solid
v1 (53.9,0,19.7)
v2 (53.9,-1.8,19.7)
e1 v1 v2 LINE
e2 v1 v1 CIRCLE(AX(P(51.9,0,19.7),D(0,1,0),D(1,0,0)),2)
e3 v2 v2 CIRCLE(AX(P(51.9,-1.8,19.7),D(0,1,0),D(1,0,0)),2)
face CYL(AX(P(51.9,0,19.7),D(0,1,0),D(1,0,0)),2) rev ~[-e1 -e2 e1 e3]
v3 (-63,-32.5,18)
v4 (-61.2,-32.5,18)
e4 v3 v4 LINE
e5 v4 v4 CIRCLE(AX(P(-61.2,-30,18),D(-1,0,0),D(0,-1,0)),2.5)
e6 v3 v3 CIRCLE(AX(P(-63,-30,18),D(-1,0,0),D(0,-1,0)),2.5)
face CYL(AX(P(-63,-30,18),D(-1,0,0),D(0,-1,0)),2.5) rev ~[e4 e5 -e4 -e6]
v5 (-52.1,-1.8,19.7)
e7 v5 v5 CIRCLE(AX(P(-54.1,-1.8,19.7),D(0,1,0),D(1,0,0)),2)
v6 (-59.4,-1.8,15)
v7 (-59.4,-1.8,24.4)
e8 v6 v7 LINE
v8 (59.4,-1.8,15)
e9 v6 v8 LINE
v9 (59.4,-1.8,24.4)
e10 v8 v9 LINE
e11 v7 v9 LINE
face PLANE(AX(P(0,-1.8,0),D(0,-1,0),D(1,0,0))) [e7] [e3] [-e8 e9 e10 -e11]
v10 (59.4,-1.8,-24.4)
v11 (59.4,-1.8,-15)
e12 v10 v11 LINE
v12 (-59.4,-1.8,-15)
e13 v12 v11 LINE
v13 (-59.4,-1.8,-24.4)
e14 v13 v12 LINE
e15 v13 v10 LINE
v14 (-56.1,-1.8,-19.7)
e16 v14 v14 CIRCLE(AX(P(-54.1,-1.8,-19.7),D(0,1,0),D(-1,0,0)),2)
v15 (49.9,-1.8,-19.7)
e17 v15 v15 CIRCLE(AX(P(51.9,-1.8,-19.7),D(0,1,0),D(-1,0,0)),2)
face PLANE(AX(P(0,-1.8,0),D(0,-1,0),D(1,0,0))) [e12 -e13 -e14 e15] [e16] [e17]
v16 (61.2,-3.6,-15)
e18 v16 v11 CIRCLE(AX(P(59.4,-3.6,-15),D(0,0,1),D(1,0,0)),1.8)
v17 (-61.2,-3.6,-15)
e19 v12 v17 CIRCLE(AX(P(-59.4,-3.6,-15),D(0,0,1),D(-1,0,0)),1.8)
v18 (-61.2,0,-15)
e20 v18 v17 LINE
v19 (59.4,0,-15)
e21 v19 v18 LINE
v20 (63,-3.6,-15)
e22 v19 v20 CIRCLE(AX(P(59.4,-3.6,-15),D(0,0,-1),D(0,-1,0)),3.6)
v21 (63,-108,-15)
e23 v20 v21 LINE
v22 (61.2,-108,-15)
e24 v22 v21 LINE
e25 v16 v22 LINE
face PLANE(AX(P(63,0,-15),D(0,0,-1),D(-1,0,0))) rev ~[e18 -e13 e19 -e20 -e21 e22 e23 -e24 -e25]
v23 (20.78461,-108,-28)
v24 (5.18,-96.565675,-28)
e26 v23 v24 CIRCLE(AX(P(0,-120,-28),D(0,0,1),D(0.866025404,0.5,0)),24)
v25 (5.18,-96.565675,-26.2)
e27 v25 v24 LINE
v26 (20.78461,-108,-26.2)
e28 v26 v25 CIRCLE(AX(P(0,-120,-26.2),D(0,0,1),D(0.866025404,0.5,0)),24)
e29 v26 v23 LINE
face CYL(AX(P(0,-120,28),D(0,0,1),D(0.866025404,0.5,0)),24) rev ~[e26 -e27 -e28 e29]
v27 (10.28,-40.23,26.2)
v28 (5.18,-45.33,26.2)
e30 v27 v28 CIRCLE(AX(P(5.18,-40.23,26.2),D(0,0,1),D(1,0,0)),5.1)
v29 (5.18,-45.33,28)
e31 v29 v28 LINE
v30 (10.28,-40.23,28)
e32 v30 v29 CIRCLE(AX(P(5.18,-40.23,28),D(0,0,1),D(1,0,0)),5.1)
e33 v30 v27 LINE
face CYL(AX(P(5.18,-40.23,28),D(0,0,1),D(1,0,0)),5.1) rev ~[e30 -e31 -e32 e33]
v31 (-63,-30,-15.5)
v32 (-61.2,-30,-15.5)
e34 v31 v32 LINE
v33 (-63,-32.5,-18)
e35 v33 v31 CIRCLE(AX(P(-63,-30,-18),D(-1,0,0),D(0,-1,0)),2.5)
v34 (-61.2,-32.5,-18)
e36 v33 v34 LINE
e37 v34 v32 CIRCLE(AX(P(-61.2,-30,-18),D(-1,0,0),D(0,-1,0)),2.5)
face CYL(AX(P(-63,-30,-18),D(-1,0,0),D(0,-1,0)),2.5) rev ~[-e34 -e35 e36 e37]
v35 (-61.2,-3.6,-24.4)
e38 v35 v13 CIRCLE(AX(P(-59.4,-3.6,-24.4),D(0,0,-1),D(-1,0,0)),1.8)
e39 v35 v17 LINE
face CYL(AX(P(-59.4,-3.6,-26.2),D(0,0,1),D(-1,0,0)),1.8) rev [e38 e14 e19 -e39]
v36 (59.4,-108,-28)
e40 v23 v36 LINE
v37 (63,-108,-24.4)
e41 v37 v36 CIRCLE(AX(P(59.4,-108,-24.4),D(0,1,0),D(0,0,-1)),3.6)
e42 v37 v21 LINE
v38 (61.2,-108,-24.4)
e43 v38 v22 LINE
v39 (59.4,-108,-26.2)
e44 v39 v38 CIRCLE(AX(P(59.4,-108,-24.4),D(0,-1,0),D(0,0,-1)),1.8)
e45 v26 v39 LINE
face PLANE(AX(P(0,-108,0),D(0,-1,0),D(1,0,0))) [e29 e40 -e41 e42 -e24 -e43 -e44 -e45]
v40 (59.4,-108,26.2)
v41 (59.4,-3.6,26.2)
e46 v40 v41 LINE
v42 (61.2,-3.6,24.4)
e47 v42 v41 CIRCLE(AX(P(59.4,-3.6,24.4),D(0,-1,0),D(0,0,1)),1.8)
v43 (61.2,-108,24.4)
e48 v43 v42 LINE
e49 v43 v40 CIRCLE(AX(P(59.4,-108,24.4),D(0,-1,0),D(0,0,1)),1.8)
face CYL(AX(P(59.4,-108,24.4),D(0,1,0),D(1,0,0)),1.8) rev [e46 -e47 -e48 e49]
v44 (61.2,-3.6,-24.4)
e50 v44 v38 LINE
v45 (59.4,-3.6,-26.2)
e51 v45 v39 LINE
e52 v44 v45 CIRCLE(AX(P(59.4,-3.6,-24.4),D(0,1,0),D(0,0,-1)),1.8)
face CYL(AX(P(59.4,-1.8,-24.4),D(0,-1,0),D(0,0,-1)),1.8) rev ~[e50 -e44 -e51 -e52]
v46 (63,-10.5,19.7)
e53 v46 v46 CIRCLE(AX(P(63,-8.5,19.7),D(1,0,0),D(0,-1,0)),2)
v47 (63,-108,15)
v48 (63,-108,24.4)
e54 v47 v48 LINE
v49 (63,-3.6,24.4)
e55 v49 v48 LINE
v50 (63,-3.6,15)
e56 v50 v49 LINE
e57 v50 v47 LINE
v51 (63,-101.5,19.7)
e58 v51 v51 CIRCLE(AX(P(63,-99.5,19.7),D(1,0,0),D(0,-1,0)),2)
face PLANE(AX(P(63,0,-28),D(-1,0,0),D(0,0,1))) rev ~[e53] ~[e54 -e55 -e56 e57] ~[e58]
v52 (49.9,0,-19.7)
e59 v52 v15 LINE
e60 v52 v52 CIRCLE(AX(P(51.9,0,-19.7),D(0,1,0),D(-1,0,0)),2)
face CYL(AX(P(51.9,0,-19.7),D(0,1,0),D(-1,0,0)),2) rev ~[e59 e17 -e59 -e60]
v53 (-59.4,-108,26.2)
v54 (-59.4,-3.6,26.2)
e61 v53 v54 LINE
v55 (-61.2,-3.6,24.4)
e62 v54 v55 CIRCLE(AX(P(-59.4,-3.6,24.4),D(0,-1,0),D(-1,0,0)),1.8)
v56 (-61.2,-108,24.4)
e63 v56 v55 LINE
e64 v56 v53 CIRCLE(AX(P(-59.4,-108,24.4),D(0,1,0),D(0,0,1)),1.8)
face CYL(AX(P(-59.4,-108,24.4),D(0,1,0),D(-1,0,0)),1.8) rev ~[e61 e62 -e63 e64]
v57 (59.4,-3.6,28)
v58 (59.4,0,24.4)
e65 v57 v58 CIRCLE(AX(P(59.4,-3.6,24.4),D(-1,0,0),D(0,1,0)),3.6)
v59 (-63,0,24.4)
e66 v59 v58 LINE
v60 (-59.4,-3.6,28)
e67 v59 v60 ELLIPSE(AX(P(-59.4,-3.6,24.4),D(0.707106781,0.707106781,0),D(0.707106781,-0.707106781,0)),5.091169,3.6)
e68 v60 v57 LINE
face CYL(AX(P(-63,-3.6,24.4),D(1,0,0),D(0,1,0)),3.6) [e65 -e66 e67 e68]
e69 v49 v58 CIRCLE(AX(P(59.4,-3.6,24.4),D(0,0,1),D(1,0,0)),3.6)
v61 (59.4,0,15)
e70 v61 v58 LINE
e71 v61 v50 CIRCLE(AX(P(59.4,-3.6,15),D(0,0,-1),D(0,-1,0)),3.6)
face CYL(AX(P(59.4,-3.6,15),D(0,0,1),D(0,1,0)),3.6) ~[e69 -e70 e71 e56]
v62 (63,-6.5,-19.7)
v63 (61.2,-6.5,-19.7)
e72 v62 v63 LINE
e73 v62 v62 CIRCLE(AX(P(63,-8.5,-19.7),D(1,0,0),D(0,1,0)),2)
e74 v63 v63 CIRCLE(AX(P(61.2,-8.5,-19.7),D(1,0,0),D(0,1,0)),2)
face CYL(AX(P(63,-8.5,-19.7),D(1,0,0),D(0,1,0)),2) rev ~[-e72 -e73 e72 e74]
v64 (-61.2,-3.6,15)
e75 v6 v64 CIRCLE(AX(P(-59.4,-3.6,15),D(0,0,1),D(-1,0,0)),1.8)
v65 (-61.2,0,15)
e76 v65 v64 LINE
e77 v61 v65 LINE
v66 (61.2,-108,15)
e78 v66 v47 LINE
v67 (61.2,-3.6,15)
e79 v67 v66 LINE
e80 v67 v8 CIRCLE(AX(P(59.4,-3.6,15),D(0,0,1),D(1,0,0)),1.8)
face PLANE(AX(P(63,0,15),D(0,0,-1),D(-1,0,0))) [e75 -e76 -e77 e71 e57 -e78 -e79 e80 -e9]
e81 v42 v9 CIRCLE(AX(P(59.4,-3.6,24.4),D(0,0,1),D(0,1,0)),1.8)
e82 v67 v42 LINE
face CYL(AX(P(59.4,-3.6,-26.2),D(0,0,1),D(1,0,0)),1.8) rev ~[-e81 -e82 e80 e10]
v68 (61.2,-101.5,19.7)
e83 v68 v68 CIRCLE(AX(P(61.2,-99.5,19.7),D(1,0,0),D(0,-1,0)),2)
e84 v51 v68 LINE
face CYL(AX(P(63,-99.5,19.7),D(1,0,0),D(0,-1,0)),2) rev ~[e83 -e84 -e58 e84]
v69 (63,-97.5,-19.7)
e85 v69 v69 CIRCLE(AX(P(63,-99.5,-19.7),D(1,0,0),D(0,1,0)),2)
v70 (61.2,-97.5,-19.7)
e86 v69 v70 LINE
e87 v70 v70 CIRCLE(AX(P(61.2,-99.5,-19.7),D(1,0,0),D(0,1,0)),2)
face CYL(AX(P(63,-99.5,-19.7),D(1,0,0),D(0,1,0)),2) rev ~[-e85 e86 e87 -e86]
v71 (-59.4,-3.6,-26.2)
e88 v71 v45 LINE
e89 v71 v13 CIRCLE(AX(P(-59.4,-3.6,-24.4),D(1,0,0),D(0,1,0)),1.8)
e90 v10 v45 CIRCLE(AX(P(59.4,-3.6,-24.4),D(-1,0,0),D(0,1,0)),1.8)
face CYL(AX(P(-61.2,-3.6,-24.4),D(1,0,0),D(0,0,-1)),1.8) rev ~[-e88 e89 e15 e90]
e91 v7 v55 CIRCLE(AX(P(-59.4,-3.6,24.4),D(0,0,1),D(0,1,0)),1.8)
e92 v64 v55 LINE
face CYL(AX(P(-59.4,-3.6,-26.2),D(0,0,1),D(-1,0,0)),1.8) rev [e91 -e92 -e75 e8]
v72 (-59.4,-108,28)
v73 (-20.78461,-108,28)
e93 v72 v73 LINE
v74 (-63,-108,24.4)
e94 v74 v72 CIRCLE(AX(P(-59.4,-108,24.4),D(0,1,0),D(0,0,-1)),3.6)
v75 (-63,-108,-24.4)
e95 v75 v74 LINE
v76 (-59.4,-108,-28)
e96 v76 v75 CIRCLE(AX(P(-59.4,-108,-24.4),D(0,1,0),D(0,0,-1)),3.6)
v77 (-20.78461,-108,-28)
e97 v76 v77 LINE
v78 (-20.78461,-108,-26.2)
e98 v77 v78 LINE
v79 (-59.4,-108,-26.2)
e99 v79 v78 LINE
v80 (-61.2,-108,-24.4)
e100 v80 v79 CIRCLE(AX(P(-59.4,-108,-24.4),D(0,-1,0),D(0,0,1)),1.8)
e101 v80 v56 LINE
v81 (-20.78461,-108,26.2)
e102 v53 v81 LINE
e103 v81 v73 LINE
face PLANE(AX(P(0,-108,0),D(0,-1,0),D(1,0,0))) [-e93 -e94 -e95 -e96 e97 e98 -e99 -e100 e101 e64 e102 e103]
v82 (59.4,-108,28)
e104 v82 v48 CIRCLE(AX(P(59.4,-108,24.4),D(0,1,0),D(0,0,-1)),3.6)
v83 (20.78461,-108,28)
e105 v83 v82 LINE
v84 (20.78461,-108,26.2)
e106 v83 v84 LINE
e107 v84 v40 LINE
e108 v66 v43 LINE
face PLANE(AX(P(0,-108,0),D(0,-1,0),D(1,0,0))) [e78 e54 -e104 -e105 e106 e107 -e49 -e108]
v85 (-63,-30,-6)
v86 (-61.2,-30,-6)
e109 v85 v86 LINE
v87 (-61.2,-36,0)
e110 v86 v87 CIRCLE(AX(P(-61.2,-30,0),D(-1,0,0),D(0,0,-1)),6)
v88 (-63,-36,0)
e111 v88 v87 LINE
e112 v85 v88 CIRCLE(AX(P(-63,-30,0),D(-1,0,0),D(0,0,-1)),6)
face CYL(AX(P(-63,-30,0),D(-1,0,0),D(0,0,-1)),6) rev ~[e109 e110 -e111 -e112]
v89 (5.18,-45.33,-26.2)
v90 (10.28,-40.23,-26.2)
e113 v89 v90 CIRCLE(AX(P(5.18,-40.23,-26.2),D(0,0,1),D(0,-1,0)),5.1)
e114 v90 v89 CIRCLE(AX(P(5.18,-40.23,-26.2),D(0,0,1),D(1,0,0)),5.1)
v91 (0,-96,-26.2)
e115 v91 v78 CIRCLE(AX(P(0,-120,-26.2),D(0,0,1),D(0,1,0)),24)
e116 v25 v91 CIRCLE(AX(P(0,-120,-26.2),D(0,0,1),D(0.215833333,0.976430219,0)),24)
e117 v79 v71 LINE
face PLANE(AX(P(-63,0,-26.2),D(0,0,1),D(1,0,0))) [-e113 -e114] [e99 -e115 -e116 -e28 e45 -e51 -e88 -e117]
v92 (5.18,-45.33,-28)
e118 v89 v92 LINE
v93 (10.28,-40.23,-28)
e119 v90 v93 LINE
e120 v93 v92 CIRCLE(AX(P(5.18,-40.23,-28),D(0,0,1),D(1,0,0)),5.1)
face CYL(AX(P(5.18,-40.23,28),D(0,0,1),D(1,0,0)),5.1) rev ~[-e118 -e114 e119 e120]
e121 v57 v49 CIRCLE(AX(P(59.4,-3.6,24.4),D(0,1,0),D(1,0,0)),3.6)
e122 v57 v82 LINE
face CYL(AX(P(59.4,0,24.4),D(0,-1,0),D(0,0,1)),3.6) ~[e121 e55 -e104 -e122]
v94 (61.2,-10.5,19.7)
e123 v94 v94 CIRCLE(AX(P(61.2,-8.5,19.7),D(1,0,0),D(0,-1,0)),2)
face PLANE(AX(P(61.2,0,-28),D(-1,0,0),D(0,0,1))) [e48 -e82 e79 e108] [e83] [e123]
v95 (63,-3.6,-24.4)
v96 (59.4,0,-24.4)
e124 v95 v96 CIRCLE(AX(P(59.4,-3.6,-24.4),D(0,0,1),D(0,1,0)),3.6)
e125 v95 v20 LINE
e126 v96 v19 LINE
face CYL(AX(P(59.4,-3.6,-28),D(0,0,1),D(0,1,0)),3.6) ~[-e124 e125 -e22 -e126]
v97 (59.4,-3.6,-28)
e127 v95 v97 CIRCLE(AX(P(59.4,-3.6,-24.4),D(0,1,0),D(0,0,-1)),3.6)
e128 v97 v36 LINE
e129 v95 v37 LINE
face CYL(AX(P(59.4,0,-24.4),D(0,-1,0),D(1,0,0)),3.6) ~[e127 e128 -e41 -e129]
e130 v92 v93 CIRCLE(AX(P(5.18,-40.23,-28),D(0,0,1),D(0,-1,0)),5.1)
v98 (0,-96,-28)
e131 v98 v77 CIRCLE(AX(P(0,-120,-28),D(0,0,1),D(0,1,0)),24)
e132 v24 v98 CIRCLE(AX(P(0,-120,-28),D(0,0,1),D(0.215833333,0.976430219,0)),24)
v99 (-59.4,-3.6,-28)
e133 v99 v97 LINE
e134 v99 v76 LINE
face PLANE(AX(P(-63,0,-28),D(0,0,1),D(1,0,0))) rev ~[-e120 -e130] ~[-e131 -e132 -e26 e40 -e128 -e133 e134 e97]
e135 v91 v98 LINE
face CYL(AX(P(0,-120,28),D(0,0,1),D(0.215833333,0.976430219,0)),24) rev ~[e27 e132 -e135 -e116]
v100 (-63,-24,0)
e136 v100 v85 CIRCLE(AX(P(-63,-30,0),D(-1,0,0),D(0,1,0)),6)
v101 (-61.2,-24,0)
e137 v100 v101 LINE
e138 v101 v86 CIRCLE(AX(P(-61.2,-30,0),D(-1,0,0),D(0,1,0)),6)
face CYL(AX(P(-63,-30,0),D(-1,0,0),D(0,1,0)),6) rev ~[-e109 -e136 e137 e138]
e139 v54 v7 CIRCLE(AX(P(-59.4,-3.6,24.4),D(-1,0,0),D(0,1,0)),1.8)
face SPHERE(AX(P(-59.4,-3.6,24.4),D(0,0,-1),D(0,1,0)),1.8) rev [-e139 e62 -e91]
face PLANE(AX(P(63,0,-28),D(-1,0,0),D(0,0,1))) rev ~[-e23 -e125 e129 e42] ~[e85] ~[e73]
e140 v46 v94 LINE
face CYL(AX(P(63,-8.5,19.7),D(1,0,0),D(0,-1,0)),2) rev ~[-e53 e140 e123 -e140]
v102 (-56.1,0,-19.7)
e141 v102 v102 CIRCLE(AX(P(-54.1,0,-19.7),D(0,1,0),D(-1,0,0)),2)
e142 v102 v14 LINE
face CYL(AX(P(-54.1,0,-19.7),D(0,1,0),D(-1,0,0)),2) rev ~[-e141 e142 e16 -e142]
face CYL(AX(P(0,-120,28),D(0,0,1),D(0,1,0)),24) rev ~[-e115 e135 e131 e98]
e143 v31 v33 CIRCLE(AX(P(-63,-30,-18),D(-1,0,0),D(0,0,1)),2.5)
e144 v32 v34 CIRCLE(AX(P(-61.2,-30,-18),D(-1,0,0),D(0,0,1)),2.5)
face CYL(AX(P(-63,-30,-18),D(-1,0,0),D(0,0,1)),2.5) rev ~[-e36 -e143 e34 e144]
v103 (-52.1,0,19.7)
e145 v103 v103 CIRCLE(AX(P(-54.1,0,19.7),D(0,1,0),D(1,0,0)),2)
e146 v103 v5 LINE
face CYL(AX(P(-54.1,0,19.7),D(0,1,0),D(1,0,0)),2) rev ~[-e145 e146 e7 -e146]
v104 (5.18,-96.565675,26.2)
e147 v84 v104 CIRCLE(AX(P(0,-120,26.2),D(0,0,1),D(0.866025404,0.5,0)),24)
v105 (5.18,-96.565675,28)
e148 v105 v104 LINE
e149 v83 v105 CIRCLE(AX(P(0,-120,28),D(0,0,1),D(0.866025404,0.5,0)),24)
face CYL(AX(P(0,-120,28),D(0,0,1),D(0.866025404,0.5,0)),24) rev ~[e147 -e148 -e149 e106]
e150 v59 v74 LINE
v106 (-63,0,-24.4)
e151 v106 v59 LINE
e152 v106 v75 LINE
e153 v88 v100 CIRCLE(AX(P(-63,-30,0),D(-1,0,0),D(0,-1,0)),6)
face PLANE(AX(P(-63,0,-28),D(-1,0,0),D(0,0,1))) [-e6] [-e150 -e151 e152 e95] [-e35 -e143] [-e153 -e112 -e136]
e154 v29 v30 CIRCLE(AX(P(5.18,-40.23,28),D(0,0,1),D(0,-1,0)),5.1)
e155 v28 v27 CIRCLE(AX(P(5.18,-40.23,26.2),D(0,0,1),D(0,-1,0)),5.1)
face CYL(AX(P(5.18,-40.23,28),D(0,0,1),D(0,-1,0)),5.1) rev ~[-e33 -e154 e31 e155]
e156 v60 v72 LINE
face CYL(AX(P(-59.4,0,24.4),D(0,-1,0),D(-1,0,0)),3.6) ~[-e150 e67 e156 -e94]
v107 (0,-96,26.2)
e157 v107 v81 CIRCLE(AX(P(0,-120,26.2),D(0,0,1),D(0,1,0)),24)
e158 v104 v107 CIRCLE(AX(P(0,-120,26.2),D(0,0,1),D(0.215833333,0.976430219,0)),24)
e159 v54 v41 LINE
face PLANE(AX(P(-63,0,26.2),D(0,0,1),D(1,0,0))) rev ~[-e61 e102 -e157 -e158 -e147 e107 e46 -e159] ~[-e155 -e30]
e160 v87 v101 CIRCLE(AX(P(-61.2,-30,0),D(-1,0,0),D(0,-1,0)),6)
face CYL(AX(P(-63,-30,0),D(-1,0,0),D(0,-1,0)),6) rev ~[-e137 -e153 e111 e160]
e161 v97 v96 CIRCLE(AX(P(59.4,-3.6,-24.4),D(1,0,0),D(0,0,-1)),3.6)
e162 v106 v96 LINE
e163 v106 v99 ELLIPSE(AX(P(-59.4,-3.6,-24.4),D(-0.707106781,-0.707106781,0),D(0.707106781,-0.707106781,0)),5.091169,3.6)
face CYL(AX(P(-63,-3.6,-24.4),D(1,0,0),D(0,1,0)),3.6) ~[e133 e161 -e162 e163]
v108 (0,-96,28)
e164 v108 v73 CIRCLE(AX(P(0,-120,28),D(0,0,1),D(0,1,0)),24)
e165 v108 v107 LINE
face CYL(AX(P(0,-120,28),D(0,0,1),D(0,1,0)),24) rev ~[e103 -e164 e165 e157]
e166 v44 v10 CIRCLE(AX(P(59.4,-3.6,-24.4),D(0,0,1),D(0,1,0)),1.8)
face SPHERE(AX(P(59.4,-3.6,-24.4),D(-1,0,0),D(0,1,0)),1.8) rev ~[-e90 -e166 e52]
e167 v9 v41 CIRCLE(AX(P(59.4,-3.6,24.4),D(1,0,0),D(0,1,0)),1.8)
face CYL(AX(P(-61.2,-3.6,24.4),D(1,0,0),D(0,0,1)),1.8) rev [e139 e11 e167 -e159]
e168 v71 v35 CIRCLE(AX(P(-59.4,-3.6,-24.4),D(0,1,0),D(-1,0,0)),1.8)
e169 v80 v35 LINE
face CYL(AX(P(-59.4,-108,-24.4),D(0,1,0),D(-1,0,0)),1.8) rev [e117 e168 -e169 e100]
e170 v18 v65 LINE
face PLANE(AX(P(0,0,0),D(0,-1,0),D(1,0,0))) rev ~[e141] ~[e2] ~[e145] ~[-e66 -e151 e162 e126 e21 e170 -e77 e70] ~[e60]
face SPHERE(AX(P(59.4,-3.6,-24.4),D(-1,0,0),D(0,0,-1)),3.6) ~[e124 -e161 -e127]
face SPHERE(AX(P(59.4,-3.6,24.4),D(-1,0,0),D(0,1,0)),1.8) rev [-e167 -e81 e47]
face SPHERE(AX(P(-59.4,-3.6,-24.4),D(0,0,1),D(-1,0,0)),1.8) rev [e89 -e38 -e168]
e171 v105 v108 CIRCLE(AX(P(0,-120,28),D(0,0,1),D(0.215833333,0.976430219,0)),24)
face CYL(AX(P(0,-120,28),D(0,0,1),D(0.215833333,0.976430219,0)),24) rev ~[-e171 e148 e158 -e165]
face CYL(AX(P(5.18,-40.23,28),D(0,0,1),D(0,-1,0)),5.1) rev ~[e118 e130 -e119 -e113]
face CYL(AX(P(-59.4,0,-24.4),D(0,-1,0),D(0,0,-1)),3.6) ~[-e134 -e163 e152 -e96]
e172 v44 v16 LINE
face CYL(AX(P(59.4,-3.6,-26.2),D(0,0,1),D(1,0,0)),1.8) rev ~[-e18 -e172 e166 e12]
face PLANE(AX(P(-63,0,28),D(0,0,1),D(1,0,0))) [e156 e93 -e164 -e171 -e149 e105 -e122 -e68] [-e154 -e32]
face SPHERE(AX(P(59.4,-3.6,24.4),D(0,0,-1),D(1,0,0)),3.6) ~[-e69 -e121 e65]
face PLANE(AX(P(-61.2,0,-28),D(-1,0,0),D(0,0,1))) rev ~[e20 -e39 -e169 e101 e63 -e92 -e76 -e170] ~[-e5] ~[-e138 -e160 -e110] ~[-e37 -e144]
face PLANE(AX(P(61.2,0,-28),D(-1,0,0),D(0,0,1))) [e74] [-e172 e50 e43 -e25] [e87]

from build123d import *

# Parameters (mm, degrees)
F0_W      = 126
F0_H      = 56
F1_DEPTH  = 108
F2_T      = -1.8
F3_R      = 1.8
F4_R      = 2.5
F5_DEPTH  = 25
F6_W      = 124.2
F6_H      = 30
F7_DEPTH  = 120
F8_R      = 3.6
F10_DEPTH = 56
F11_R     = 2
F12_DEPTH = 25
F13_R     = 2
F14_DEPTH = 25


with BuildPart() as f1:
    # F0 (on Front) → F1 (new body)
    with BuildSketch(Plane.XZ):
        Rectangle(F0_W, F0_H)
    extrude(amount=F1_DEPTH)

    # F2
    f2_openings = [f1.faces().sort_by_distance(p)[0] for p in [
        (0, -108, 0),
    ]]
    offset(amount=F2_T, openings=f2_openings)

    # F3
    f3_edges = [f1.edges().sort_by_distance(p)[0] for p in [
        (-61.2, -1.8, 0),
        (-61.2, -54.9, -26.2),
        (0, -1.8, -26.2),
        (0, -1.8, 26.2),
        (-61.2, -54.9, 26.2),
        (61.2, -1.8, 0),
        (61.2, -54.9, 26.2),
        (61.2, -54.9, -26.2),
    ]]
    fillet(f3_edges, radius=F3_R)

    # F4 (on face) → F5 (cut)
    with BuildSketch(Plane(origin=(-63, 0, 0), x_dir=(0, -1, 0), z_dir=(-1, 0, 0))):
        with BuildLine():
            ThreePointArc((36, 0), (30, 6), (24, 0))
            Line((24, 0), (30, 0))
            Line((30, 0), (30, -6))
            ThreePointArc((30, -6), (34.2426406871, -4.2426406871), (36, 0))
        make_face()
        with BuildLine():
            ThreePointArc((32.5, -18), (31.767766953, -16.232233047), (30, -15.5))
            ThreePointArc((30, -15.5), (28.232233047, -19.767766953), (32.5, -18))
        make_face()
        with BuildLine():
            Line((30, 0), (24, 0))
            ThreePointArc((24, 0), (25.7573593129, -4.2426406871), (30, -6))
            Line((30, -6), (30, 0))
        make_face()
        with Locations((30, 18)):
            Circle(F4_R)
    extrude(amount=-F5_DEPTH, mode=Mode.SUBTRACT)

    # F6 (on face) → F7 (cut)
    with BuildSketch(Plane(origin=(0, 0, 0), x_dir=(-1, 0, 0), z_dir=(0, 1, 0))):
        with Locations((-0.9, 0)):
            Rectangle(F6_W, F6_H)
    extrude(amount=-F7_DEPTH, mode=Mode.SUBTRACT)

    # F8
    f8_edges = [f1.edges().sort_by_distance(p)[0] for p in [
        (0, 0, -28),
        (63, -54, -28),
        (63, 0, -21.5),
        (63, 0, 21.5),
        (63, -54, 28),
        (0, 0, 28),
        (-63, -54, 28),
        (-63, -54, -28),
    ]]
    fillet(f8_edges, radius=F8_R)

    # F9 (on face) → F10 (cut)
    with BuildSketch(Plane.XY.offset(28)):
        with BuildLine():
            Line((20.7846096908, -108), (5.18, -108))
            Line((5.18, -108), (0, -108))
            Line((0, -108), (0, -96))
            ThreePointArc((0, -96), (-16.9705627485, -136.9705627485), (24, -120))
            ThreePointArc((24, -120), (23.1822198309, -113.7883429175), (20.7846096908, -108))
        make_face()
        with BuildLine():
            Line((5.18, -96.5656747484), (5.18, -108))
            Line((5.18, -108), (20.7846096908, -108))
            ThreePointArc((20.7846096908, -108), (14.1854216571, -100.6409242883), (5.18, -96.5656747484))
        make_face()
        with BuildLine():
            Line((0, -108), (5.18, -108))
            Line((5.18, -108), (5.18, -96.5656747484))
            ThreePointArc((5.18, -96.5656747484), (2.6053976626, -96.1418378114), (0, -96))
            Line((0, -96), (0, -108))
        make_face()
        with BuildLine():
            ThreePointArc((10.28, -40.23), (1.5737554159, -36.6237554159), (5.18, -45.33))
            ThreePointArc((5.18, -45.33), (8.7862445841, -43.8362445841), (10.28, -40.23))
        make_face()
    extrude(amount=-F10_DEPTH, mode=Mode.SUBTRACT)

    # F11 (on face) → F12 (cut)
    with BuildSketch(Plane.YZ.offset(63)):
        with BuildLine():
            ThreePointArc((-97.5, 19.7), (-99.5, 21.7), (-101.5, 19.7))
            Line((-101.5, 19.7), (-99.5, 19.7))
            Line((-99.5, 19.7), (-97.5, 19.7))
        make_face()
        with BuildLine():
            ThreePointArc((-6.5, 19.7), (-8.5, 21.7), (-10.5, 19.7))
            ThreePointArc((-10.5, 19.7), (-8.5, 17.7), (-6.5, 19.7))
        make_face()
        with BuildLine():
            Line((-99.5, 19.7), (-101.5, 19.7))
            ThreePointArc((-101.5, 19.7), (-99.5, 17.7), (-97.5, 19.7))
            Line((-97.5, 19.7), (-99.5, 19.7))
        make_face()
        with Locations((-8.5, -19.7)):
            Circle(F11_R)
        with Locations((-99.5, -19.7)):
            Circle(F11_R)
    extrude(amount=-F12_DEPTH, mode=Mode.SUBTRACT)

    # F13 (on face) → F14 (cut)
    with BuildSketch(Plane(origin=(0, 0, 0), x_dir=(-1, 0, 0), z_dir=(0, 1, 0))):
        with BuildLine():
            ThreePointArc((-49.9, 19.7), (-51.9, 21.7), (-53.9, 19.7))
            Line((-53.9, 19.7), (-51.9, 19.7))
            Line((-51.9, 19.7), (-49.9, 19.7))
        make_face()
        with BuildLine():
            ThreePointArc((56.1, 19.7), (54.1, 21.7), (52.1, 19.7))
            ThreePointArc((52.1, 19.7), (54.1, 17.7), (56.1, 19.7))
        make_face()
        with BuildLine():
            Line((-51.9, 19.7), (-53.9, 19.7))
            ThreePointArc((-53.9, 19.7), (-51.9, 17.7), (-49.9, 19.7))
            Line((-49.9, 19.7), (-51.9, 19.7))
        make_face()
        with Locations((54.1, -19.7)):
            Circle(F13_R)
        with Locations((-51.9, -19.7)):
            Circle(F13_R)
    extrude(amount=-F14_DEPTH, mode=Mode.SUBTRACT)


solid = f1.part
